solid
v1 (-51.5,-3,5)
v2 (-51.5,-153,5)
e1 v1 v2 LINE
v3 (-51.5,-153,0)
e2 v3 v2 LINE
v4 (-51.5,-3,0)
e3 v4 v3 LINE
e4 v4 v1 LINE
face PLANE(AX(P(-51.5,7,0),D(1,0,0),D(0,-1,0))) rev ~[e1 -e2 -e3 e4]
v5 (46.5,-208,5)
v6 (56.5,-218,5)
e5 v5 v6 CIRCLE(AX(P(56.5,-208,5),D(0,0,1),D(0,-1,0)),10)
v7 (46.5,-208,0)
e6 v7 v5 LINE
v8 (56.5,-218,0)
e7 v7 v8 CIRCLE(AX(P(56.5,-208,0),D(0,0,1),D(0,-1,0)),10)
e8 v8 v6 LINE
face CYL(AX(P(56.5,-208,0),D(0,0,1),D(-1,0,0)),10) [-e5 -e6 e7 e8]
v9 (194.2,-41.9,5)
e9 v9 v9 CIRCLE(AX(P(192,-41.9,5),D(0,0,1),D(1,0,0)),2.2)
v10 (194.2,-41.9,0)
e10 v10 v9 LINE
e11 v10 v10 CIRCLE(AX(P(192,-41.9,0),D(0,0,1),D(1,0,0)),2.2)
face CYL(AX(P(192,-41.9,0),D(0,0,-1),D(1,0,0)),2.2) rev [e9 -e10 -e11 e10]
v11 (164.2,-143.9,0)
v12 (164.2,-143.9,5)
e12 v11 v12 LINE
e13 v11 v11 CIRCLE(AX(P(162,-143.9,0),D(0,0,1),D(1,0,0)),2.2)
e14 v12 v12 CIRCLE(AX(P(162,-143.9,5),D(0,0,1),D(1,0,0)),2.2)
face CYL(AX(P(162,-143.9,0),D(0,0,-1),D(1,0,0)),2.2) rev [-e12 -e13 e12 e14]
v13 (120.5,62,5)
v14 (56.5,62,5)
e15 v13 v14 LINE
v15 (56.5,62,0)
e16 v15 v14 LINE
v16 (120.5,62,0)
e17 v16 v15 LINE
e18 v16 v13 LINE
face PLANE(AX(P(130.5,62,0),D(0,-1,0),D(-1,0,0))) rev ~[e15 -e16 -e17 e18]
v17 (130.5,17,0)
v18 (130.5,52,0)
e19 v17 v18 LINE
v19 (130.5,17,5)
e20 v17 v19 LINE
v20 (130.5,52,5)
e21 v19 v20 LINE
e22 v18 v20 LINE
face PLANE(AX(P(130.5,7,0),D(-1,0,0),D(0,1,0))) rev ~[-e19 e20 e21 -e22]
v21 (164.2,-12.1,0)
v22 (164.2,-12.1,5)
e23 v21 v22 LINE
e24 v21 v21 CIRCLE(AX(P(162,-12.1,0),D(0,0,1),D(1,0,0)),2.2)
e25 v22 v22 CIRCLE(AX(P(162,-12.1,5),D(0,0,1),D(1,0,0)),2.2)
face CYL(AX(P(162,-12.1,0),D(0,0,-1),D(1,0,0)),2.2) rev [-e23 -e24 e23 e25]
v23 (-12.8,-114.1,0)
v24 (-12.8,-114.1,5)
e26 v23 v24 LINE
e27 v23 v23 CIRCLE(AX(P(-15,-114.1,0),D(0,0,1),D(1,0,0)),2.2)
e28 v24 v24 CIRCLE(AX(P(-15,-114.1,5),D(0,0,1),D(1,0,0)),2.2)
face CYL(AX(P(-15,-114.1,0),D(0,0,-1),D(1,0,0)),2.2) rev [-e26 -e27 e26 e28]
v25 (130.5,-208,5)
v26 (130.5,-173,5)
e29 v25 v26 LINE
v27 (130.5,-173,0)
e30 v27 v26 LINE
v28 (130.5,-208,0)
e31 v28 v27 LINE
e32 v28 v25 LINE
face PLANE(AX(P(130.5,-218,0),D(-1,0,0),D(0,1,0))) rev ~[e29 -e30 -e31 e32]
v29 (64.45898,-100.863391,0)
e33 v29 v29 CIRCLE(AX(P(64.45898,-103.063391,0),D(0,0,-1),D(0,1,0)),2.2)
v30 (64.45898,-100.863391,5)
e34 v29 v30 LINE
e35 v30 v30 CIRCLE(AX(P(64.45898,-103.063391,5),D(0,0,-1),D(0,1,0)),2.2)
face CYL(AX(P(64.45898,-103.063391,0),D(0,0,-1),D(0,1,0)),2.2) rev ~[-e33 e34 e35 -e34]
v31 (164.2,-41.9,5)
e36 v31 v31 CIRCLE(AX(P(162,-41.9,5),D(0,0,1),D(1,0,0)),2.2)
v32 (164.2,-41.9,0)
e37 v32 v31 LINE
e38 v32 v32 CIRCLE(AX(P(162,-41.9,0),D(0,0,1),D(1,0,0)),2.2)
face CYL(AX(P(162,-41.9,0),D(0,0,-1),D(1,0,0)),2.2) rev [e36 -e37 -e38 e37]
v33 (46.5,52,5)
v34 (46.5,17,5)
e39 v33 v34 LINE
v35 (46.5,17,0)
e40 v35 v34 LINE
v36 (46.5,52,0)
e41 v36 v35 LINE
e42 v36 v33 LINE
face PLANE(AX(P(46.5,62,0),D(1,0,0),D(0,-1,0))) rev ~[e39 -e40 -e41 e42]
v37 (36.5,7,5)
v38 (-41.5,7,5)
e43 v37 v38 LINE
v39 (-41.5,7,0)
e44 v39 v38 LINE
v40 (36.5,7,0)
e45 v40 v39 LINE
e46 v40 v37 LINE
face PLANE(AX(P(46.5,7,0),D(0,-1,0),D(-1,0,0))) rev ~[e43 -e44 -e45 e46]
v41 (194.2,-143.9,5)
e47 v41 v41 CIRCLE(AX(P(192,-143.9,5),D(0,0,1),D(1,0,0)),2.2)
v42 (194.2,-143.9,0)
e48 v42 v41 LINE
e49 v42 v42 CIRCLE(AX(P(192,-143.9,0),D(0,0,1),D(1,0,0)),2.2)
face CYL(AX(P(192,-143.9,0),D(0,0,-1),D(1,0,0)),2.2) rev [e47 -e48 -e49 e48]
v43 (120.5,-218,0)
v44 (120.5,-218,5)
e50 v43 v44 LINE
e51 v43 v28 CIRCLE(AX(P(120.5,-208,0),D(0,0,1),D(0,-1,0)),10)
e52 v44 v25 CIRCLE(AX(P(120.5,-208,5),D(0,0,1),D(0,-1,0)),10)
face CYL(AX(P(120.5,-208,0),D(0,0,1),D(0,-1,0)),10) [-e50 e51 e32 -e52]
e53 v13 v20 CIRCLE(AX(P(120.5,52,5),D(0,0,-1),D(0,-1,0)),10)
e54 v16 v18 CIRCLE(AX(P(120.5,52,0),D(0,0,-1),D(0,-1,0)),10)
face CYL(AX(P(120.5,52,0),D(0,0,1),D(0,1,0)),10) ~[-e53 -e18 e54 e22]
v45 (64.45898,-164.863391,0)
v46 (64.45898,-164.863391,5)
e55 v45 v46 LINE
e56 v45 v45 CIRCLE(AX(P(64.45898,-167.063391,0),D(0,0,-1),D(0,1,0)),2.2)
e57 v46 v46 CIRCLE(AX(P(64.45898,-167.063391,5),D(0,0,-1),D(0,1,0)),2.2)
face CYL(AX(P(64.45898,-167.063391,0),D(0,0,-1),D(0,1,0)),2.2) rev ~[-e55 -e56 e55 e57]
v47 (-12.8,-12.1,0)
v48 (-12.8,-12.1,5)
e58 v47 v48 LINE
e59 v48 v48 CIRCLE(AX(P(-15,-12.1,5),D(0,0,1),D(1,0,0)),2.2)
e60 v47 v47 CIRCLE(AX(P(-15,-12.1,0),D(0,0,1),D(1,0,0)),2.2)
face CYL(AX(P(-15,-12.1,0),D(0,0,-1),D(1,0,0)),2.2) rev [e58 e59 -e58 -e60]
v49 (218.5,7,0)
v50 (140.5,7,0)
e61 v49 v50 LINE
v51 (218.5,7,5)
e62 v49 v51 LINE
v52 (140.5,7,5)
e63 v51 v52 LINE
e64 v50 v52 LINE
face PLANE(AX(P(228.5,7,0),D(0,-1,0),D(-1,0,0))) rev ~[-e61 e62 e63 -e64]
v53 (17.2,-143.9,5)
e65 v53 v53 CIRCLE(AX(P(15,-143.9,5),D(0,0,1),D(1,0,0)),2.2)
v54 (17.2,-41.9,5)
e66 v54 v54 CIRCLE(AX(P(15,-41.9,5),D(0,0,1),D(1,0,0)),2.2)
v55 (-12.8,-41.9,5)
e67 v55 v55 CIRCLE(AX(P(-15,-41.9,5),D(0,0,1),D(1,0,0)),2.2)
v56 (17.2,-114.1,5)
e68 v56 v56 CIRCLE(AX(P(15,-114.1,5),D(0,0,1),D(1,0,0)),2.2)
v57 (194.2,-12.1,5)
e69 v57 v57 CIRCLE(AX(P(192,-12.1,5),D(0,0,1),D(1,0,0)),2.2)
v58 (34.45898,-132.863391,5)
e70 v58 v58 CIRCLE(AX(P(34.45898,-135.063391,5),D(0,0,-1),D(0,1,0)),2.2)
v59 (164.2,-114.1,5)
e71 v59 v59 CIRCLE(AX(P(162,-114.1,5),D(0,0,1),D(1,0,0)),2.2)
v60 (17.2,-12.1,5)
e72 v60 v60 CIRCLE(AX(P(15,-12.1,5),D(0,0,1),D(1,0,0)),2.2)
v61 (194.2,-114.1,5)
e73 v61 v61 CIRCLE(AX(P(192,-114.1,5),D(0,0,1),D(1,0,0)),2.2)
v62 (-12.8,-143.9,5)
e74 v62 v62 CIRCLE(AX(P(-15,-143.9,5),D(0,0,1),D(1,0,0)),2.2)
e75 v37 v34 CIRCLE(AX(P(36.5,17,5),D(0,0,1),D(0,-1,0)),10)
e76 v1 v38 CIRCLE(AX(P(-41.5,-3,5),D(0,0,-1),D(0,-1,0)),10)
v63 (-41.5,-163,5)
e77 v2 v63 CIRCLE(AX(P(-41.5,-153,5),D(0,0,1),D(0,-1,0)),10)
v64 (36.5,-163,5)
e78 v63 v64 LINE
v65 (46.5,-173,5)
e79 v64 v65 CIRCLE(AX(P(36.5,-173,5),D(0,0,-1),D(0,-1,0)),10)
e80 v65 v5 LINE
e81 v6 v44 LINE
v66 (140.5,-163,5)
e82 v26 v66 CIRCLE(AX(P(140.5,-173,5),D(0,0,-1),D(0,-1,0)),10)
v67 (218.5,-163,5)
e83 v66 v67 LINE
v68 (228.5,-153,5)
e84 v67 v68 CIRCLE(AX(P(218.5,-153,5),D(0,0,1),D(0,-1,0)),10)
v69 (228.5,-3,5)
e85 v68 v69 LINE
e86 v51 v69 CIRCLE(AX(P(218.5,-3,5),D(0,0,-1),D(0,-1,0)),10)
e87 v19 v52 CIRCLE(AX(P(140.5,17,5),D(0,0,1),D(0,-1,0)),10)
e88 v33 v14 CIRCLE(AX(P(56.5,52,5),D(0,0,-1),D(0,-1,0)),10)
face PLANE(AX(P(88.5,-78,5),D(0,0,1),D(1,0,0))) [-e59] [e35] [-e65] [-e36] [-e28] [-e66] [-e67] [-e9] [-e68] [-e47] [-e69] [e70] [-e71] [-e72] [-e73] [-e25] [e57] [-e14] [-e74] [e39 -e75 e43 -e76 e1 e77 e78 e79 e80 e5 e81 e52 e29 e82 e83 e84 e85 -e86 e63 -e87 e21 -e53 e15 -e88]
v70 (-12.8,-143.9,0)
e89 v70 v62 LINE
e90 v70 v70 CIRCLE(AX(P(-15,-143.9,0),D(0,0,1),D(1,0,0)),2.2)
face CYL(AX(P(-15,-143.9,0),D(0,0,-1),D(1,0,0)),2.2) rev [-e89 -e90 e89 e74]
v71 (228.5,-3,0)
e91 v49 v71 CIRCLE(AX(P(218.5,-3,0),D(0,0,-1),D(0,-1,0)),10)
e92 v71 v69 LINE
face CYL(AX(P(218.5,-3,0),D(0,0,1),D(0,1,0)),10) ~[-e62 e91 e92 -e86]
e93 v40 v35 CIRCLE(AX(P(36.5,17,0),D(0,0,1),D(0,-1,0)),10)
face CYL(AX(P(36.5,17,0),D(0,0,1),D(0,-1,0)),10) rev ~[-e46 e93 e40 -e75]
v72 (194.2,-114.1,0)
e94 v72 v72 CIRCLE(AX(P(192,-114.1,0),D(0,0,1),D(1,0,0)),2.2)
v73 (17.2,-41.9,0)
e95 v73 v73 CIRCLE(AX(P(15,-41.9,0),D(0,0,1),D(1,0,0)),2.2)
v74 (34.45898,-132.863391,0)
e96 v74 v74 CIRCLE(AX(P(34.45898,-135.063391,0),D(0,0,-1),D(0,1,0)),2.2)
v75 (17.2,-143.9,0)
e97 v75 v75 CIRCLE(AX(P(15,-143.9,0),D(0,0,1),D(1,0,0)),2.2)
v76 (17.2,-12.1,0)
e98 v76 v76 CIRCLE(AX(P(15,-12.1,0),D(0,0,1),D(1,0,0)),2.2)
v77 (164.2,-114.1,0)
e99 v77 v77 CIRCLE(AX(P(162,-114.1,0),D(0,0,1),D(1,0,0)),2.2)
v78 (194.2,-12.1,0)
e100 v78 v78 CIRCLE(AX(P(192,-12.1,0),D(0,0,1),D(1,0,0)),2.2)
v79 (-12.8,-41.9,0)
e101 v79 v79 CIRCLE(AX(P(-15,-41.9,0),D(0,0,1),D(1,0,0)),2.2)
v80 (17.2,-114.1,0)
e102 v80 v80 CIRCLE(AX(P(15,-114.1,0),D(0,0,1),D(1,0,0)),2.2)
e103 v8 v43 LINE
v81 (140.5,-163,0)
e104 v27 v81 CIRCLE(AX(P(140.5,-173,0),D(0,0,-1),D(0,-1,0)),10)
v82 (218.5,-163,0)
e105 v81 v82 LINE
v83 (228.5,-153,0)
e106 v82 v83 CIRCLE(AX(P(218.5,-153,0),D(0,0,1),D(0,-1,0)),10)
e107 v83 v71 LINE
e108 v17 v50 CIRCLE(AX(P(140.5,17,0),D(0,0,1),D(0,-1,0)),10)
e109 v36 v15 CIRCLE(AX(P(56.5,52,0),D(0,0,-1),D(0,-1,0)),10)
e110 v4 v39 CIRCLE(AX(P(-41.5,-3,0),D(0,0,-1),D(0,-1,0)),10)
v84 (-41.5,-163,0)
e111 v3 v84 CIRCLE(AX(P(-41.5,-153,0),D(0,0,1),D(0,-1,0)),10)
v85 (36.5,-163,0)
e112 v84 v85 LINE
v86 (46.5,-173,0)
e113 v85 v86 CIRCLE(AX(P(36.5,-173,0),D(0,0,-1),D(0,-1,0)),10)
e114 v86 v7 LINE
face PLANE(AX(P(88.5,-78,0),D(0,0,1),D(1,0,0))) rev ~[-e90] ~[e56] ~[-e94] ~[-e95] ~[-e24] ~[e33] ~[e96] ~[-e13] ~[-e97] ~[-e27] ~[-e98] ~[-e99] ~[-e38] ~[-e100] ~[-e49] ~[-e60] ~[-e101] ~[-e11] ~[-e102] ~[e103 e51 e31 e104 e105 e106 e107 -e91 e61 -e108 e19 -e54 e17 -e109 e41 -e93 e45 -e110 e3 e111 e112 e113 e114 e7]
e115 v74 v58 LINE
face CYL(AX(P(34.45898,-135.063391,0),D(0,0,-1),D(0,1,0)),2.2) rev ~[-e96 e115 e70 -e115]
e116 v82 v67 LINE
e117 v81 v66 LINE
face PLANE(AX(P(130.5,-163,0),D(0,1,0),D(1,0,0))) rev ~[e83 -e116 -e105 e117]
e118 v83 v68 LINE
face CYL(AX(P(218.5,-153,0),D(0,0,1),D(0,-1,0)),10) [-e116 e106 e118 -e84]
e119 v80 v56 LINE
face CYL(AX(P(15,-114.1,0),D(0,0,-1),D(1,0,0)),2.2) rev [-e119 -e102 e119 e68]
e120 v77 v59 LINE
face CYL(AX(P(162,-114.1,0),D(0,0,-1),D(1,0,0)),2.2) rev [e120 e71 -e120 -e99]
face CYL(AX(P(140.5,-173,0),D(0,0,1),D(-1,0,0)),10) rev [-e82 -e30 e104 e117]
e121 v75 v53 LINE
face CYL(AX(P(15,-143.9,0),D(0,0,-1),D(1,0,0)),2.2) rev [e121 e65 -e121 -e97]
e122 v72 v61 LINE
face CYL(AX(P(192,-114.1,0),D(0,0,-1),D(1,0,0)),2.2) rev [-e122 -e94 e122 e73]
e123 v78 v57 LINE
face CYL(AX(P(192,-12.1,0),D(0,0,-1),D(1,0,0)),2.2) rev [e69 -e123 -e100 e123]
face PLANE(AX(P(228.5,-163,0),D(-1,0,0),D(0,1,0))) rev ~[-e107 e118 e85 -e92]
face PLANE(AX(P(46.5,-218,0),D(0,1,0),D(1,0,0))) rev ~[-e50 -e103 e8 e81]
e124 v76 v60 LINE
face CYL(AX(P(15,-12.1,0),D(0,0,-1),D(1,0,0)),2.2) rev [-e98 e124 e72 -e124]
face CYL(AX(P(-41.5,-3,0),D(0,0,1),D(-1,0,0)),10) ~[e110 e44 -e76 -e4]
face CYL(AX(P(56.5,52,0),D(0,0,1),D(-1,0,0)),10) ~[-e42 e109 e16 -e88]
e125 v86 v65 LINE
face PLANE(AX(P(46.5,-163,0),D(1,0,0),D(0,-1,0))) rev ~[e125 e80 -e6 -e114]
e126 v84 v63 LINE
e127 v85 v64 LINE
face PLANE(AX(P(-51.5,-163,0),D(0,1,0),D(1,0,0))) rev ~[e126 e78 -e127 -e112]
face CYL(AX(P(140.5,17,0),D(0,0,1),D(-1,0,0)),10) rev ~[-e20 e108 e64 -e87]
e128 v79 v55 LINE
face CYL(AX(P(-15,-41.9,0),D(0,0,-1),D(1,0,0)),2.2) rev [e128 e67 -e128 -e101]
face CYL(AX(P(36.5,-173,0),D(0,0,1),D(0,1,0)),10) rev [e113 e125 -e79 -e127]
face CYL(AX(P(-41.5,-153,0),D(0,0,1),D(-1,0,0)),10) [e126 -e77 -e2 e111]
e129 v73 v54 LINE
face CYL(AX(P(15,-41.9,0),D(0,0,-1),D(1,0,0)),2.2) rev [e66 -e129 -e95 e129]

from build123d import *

# Parameters (mm, degrees)
SKETCH_1_R          = 2.2
EXTRUDE_1_DEPTH     = 5
FILLET_1_R          = 10
CUT_EXTRUDE_1_REACH = 317.85
SKETCH_2_R          = 2.2


with BuildPart() as part:
    # 草图1 → 凸台-拉伸1 (new body)
    with BuildSketch(Plane.XY):
        Polygon((-51.5, 7), (-51.5, -163), (46.5, -163), (46.5, -218), (130.5, -218), (130.5, -163), (228.5, -163), (228.5, 7), (130.5, 7), (130.5, 62), (46.5, 62), (46.5, 7), align=None)
        with Locations((-15, -143.9)):
            Circle(SKETCH_1_R, mode=Mode.SUBTRACT)
        with Locations((15, -143.9)):
            Circle(SKETCH_1_R, mode=Mode.SUBTRACT)
        with Locations((-15, -114.1)):
            Circle(SKETCH_1_R, mode=Mode.SUBTRACT)
        with Locations((15, -114.1)):
            Circle(SKETCH_1_R, mode=Mode.SUBTRACT)
        with Locations((162, -143.9)):
            Circle(SKETCH_1_R, mode=Mode.SUBTRACT)
        with Locations((192, -143.9)):
            Circle(SKETCH_1_R, mode=Mode.SUBTRACT)
        with Locations((162, -114.1)):
            Circle(SKETCH_1_R, mode=Mode.SUBTRACT)
        with Locations((192, -114.1)):
            Circle(SKETCH_1_R, mode=Mode.SUBTRACT)
        with Locations((-15, -41.9)):
            Circle(SKETCH_1_R, mode=Mode.SUBTRACT)
        with Locations((15, -41.9)):
            Circle(SKETCH_1_R, mode=Mode.SUBTRACT)
        with Locations((-15, -12.1)):
            Circle(SKETCH_1_R, mode=Mode.SUBTRACT)
        with Locations((15, -12.1)):
            Circle(SKETCH_1_R, mode=Mode.SUBTRACT)
        with Locations((162, -41.9)):
            Circle(SKETCH_1_R, mode=Mode.SUBTRACT)
        with Locations((192, -41.9)):
            Circle(SKETCH_1_R, mode=Mode.SUBTRACT)
        with Locations((162, -12.1)):
            Circle(SKETCH_1_R, mode=Mode.SUBTRACT)
        with Locations((192, -12.1)):
            Circle(SKETCH_1_R, mode=Mode.SUBTRACT)
    extrude(amount=EXTRUDE_1_DEPTH)

    # 圆角1
    fillet_1_edges = [part.edges().sort_by_distance(p)[0] for p in [
        (130.5, 7, 2.5),
        (228.5, 7, 2.5),
        (228.5, -163, 2.5),
        (130.5, -163, 2.5),
        (130.5, -218, 2.5),
        (46.5, -218, 2.5),
        (46.5, -163, 2.5),
        (-51.5, -163, 2.5),
        (-51.5, 7, 2.5),
        (46.5, 7, 2.5),
        (46.5, 62, 2.5),
        (130.5, 62, 2.5),
    ]]
    fillet(fillet_1_edges, radius=FILLET_1_R)

    # 草图2 → 切除-拉伸1 (cut, up to next)
    with BuildSketch(Plane(origin=(0, 0, 0), x_dir=(-1, 0, 0), z_dir=(0, 0, -1)), mode=Mode.PRIVATE) as cut_extrude_1_sk1:
        with Locations(Location((-64.458980338, -103.063390978, 0), (0, 0, 90))):
            Circle(SKETCH_2_R)
    cut_extrude_1_tool1 = extrude(cut_extrude_1_sk1.sketch, amount=-CUT_EXTRUDE_1_REACH, mode=Mode.PRIVATE) & part.part
    # 草图2 → 切除-拉伸1 (cut, up to next)
    with BuildSketch(Plane(origin=(0, 0, 0), x_dir=(-1, 0, 0), z_dir=(0, 0, -1)), mode=Mode.PRIVATE) as cut_extrude_1_sk2:
        with Locations(Location((-34.458980337, -135.063390978, 0), (0, 0, 90))):
            Circle(SKETCH_2_R)
    cut_extrude_1_tool2 = extrude(cut_extrude_1_sk2.sketch, amount=-CUT_EXTRUDE_1_REACH, mode=Mode.PRIVATE) & part.part
    # 草图2 → 切除-拉伸1 (cut, up to next)
    with BuildSketch(Plane(origin=(0, 0, 0), x_dir=(-1, 0, 0), z_dir=(0, 0, -1)), mode=Mode.PRIVATE) as cut_extrude_1_sk3:
        with Locations(Location((-64.458980338, -167.063390978, 0), (0, 0, 90))):
            Circle(SKETCH_2_R)
    cut_extrude_1_tool3 = extrude(cut_extrude_1_sk3.sketch, amount=-CUT_EXTRUDE_1_REACH, mode=Mode.PRIVATE) & part.part
    add(cut_extrude_1_tool1.solids().sort_by_distance((64.45898, -103.063391, 0))[0], mode=Mode.SUBTRACT)
    add(cut_extrude_1_tool2.solids().sort_by_distance((34.45898, -135.063391, 0))[0], mode=Mode.SUBTRACT)
    add(cut_extrude_1_tool3.solids().sort_by_distance((64.45898, -167.063391, 0))[0], mode=Mode.SUBTRACT)


solid = part.part
